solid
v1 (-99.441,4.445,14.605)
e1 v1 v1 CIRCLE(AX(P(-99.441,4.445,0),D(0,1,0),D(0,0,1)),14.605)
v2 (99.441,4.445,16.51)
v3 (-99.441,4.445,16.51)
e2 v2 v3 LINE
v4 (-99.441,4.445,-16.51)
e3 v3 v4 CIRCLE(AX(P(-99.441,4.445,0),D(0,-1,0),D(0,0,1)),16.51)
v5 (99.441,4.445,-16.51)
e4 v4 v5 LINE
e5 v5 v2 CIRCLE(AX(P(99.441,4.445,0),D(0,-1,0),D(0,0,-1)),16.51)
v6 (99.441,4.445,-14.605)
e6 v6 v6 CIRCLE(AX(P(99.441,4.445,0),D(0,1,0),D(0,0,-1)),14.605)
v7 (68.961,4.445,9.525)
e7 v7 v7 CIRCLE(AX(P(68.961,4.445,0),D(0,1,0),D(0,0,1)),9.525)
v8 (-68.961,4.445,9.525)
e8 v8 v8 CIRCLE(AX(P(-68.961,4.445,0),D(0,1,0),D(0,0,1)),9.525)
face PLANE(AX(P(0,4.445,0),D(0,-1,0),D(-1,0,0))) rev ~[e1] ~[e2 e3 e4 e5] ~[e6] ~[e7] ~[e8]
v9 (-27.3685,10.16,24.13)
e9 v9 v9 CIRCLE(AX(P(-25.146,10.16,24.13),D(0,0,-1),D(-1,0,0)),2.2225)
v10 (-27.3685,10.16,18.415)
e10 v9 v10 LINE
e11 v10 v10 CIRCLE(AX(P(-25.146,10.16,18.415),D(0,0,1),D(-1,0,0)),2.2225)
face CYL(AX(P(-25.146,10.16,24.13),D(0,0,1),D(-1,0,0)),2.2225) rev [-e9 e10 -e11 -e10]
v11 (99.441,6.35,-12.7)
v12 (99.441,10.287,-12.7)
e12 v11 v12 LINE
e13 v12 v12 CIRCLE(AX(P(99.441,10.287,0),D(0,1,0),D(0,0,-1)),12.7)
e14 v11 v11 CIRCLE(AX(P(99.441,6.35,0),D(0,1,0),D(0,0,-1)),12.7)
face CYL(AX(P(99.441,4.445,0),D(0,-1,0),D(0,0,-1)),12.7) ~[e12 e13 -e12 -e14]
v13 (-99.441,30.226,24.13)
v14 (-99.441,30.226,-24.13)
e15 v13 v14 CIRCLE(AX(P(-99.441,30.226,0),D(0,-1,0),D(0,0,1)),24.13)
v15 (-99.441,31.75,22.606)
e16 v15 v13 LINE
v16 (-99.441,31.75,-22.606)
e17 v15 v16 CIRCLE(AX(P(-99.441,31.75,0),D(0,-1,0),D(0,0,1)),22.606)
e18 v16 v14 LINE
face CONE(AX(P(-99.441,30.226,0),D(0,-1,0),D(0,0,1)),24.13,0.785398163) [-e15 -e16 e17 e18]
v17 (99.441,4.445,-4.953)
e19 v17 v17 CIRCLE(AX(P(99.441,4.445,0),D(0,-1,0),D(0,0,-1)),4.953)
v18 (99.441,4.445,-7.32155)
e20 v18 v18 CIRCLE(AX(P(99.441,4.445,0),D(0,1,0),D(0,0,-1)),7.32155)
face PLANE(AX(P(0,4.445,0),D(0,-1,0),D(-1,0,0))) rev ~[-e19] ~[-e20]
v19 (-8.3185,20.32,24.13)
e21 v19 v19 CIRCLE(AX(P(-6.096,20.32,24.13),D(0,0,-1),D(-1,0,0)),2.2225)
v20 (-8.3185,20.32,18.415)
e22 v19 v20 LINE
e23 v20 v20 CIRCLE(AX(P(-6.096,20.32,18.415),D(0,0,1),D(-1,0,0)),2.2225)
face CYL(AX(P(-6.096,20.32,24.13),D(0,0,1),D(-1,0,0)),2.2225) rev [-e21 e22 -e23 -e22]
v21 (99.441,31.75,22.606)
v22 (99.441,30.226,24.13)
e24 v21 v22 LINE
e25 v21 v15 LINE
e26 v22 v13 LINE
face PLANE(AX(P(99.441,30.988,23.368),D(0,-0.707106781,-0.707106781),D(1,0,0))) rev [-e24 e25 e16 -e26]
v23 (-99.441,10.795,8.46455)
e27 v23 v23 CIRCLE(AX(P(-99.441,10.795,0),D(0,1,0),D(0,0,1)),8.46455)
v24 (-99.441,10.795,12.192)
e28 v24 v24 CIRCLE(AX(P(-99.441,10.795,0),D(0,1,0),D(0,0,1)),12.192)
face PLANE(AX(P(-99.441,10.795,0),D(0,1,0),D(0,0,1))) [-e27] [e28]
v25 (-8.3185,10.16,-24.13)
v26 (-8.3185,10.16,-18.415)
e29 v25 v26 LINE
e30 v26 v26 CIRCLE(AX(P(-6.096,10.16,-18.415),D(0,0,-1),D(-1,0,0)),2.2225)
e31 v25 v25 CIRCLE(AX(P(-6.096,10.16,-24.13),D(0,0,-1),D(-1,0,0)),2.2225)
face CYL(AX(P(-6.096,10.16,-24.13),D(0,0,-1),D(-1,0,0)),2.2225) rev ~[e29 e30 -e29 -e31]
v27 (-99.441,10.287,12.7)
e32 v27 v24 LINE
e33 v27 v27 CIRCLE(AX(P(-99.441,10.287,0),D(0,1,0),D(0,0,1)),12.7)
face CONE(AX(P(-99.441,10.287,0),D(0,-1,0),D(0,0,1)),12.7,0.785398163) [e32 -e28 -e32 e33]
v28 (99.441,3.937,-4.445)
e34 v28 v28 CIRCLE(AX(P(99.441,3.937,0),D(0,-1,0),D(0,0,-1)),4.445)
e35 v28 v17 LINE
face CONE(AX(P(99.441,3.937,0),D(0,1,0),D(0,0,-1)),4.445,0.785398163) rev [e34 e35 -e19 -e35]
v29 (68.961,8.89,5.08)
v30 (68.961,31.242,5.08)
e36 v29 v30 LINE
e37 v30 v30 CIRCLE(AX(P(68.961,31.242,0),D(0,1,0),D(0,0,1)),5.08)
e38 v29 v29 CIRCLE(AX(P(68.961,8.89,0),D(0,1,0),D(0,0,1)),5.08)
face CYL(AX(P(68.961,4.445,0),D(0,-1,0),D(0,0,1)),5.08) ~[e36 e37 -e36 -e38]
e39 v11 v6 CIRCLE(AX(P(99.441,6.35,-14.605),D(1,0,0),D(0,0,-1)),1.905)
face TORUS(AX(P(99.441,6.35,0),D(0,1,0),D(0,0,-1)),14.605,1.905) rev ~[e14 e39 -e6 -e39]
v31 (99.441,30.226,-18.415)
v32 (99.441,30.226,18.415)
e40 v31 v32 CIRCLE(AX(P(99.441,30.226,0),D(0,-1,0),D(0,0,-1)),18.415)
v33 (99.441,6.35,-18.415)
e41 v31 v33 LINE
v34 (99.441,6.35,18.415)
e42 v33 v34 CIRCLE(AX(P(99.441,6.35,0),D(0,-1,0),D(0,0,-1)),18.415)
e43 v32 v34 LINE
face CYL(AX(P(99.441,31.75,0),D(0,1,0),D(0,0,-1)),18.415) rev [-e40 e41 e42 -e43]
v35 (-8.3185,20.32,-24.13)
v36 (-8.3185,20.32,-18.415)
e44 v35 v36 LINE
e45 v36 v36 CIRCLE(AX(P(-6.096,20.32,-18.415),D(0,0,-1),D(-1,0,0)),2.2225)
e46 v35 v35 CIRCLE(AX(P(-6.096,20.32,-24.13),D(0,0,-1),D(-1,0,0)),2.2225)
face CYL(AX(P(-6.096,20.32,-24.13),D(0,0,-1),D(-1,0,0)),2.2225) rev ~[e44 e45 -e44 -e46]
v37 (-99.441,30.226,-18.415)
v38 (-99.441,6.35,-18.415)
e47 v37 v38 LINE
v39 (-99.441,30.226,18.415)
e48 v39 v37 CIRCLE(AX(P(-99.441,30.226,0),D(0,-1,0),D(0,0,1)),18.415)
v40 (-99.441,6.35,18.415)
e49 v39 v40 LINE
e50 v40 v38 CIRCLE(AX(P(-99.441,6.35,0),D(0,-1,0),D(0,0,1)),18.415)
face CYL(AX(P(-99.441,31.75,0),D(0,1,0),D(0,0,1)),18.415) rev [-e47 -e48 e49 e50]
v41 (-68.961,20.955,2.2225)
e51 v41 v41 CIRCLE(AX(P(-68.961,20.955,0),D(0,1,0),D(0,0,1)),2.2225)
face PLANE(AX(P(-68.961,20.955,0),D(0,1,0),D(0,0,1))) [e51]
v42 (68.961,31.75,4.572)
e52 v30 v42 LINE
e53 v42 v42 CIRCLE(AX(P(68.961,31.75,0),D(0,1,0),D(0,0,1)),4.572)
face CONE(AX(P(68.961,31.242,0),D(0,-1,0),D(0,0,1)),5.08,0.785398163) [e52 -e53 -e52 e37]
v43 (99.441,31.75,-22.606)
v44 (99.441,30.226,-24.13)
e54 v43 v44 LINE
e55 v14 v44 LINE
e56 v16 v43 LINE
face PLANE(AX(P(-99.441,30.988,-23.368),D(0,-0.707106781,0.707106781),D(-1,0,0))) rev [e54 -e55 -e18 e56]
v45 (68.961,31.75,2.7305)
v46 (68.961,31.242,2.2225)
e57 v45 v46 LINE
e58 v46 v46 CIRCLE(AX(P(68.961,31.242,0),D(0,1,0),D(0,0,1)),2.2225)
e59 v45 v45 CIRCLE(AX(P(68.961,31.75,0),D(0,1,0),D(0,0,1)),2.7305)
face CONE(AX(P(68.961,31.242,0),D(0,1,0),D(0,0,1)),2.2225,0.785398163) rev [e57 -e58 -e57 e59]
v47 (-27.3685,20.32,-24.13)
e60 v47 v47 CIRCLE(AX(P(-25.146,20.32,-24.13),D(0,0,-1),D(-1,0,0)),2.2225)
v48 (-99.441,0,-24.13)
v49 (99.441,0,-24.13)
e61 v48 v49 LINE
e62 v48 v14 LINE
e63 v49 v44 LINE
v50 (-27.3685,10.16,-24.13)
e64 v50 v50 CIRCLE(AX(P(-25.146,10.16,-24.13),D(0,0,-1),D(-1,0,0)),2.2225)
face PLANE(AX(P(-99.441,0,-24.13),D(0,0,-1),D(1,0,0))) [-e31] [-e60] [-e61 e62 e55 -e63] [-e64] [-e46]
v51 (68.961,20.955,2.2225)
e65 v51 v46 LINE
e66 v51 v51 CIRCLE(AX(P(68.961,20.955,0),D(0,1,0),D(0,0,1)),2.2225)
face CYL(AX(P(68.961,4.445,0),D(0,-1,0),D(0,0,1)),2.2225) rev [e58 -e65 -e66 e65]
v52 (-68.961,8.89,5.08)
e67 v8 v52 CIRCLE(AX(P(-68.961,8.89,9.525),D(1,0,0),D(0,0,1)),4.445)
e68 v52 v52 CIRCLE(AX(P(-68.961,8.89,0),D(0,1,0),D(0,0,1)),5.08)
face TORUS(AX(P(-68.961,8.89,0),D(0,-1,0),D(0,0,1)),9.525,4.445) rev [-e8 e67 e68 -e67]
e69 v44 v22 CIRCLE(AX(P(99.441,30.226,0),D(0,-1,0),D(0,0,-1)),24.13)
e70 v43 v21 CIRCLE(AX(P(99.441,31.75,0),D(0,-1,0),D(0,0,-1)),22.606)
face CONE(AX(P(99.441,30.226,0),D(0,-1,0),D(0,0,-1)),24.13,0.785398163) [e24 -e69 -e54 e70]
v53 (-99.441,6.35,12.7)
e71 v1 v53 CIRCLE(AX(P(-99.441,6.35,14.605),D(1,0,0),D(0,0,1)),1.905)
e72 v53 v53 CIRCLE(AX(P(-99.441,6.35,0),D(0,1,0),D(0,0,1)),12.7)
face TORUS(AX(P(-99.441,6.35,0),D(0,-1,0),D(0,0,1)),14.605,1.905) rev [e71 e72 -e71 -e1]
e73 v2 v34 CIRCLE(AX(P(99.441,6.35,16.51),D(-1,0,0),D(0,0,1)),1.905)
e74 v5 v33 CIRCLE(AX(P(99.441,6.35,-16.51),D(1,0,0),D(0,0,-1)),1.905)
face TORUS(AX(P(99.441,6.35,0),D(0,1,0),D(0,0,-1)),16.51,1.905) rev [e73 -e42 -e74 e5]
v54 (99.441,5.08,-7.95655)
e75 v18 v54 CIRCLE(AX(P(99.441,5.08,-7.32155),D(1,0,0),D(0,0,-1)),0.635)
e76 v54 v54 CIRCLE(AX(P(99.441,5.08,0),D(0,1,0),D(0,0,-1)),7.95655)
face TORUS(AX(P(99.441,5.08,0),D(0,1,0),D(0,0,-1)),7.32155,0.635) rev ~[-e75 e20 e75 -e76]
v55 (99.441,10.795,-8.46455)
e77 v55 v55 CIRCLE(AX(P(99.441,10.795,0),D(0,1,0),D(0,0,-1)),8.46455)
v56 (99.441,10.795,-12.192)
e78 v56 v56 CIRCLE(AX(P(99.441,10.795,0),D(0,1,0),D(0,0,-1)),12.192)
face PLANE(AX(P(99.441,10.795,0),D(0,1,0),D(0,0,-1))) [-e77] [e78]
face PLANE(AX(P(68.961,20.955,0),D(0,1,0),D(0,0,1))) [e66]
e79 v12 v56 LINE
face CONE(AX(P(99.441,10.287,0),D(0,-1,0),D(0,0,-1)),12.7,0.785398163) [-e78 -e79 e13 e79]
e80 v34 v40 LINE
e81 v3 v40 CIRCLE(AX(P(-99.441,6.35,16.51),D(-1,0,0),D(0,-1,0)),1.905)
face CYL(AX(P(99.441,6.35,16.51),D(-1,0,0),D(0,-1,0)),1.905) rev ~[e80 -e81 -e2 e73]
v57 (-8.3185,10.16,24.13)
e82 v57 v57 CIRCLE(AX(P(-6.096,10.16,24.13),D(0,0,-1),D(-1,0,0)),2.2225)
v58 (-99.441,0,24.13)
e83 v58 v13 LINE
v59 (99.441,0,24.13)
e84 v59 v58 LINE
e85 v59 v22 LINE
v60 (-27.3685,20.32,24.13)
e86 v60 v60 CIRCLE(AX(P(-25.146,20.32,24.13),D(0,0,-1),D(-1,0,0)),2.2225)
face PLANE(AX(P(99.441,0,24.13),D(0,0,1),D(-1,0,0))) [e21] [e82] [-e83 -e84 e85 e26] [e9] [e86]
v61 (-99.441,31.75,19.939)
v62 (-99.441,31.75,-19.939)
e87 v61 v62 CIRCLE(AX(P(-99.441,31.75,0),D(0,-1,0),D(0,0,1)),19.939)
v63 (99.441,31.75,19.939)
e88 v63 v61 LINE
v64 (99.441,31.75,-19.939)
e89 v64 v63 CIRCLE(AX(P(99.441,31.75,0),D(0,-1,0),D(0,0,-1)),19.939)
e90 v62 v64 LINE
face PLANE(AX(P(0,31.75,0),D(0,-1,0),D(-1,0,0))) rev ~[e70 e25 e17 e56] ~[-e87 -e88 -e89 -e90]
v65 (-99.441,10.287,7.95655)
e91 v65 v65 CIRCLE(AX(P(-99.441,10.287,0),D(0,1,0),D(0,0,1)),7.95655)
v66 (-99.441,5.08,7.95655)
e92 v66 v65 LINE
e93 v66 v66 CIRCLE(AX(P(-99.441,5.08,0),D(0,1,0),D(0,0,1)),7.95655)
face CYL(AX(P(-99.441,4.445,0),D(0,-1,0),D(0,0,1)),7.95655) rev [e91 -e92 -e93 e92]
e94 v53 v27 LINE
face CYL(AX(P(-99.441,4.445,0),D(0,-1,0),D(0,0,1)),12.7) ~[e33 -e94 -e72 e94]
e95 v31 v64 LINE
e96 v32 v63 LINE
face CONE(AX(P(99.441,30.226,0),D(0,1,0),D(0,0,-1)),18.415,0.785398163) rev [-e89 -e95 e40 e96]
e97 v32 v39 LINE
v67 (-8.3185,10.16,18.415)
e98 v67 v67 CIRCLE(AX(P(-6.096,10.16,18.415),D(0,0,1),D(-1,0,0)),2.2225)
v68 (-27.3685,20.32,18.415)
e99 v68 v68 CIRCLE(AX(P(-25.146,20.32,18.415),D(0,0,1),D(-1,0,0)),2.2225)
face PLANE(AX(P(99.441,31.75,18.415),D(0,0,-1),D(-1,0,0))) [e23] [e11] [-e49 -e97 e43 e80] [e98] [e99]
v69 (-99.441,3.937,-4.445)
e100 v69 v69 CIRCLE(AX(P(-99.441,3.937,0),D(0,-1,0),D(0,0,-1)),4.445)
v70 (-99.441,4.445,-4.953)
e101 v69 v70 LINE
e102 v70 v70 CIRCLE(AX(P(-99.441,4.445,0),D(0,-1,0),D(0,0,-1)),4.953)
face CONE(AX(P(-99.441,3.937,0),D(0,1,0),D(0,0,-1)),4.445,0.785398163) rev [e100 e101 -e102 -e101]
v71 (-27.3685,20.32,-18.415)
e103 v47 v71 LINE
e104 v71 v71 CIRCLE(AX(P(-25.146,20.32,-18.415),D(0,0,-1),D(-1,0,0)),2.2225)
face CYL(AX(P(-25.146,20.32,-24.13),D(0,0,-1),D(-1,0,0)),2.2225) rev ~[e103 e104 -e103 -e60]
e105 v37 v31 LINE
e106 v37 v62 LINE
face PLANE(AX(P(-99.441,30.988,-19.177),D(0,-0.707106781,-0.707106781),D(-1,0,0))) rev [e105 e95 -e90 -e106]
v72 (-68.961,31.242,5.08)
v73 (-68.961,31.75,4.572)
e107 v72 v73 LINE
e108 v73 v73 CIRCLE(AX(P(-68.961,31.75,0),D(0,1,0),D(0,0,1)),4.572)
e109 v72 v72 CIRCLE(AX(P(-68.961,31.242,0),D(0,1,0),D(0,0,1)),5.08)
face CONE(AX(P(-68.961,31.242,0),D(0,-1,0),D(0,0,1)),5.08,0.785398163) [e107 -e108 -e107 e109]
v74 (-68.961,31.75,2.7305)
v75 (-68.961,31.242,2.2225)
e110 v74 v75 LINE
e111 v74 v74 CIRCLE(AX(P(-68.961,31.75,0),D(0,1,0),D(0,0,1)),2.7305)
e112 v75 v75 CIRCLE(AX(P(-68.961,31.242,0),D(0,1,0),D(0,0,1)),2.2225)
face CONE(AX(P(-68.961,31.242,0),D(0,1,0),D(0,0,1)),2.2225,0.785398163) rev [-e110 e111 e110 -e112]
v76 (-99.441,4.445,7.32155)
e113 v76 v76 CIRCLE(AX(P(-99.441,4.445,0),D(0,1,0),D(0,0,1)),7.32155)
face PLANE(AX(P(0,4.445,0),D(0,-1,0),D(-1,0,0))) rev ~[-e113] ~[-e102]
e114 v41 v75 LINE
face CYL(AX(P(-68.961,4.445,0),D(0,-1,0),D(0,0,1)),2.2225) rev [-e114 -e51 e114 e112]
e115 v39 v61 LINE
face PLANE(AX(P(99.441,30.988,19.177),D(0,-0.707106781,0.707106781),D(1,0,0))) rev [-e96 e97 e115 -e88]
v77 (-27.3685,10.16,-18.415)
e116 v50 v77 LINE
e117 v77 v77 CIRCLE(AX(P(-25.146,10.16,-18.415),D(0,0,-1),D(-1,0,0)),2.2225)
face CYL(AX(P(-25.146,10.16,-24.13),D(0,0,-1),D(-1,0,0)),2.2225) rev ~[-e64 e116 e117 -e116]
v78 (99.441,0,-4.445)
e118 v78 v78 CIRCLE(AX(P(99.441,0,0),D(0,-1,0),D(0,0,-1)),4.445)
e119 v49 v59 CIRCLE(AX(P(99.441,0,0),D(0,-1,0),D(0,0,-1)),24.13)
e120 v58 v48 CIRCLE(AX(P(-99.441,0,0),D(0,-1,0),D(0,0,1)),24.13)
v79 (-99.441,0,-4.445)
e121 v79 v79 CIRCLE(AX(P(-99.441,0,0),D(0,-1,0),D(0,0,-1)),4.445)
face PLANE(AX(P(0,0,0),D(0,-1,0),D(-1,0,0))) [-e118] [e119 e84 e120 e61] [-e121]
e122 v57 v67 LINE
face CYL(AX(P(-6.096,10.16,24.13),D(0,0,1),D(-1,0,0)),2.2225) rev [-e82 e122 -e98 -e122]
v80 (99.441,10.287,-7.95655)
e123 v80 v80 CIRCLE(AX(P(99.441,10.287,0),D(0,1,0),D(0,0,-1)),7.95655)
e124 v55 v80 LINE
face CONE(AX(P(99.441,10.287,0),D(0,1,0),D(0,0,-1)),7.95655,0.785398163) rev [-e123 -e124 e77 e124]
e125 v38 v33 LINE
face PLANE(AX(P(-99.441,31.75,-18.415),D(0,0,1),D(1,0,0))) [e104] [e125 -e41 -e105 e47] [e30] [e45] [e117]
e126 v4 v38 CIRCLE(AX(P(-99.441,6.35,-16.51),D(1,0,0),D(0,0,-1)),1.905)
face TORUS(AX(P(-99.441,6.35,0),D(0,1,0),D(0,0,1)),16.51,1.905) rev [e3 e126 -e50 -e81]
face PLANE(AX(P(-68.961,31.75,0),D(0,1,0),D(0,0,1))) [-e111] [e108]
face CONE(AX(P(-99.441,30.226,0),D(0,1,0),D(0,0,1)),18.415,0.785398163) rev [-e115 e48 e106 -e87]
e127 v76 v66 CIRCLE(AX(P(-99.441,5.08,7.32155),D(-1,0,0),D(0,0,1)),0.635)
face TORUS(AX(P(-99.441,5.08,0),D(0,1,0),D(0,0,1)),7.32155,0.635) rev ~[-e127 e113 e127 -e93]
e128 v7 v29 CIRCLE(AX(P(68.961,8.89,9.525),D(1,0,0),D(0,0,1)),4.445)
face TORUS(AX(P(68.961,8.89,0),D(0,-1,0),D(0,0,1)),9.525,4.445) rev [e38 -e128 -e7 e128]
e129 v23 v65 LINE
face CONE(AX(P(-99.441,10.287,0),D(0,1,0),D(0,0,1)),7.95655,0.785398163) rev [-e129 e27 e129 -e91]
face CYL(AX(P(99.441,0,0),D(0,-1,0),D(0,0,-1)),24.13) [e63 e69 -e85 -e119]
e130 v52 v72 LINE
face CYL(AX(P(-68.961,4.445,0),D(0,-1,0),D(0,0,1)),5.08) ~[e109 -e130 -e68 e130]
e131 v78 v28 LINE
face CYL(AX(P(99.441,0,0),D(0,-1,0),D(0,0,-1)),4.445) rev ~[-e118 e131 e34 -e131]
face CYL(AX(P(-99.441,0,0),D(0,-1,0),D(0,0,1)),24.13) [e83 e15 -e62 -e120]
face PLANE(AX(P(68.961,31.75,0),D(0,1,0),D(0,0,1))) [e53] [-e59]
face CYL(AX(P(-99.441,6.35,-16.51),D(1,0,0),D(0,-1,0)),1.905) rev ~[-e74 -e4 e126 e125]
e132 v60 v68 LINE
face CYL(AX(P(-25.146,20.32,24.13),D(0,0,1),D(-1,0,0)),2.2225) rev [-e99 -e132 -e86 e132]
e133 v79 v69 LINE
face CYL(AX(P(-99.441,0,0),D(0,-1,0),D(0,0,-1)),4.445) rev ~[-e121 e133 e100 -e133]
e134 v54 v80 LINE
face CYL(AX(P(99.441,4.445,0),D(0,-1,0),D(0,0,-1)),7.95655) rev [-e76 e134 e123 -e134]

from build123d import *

# Parameters (mm, degrees)
MAINBLOCK_DEPTH                 = 31.75
MAINPOCKET_DEPTH                = 27.305
SKETCH3_R                       = 4.445
CUT_EXTRUDE1_DEPTH              = 130.846491832
SKETCH4_R                       = 12.7
SKETCH4_R_2                     = 7.95655
BOSS_EXTRUDE1_DEPTH             = 6.35
SKETCH7_R                       = 5.08
SKETCH7_R_2                     = 2.2225
BOSS_EXTRUDE3_DEPTH             = 27.305
FILLET2_R                       = 0.635
FILLET3_R                       = 1.905
FILLET6_R                       = 4.445
CHAMFER2_SIZE                   = 0.508
CHAMFER3_SIZE                   = 1.524
SKETCH10_R                      = 2.2225
BOSS_EXTRUDE4_DEPTH             = 16.51
SKETCH13_R                      = 2.2225
STABILIZER_BAR_MOUNTHOLES_DEPTH = 42.545


with BuildPart() as part:
    # Sketch1 → MainBlock (new body)
    with BuildSketch(Plane(origin=(0, 0, 0), x_dir=(1, 0, 0), z_dir=(0, 1, 0))):
        with BuildLine():
            Line((-99.441, 24.13), (99.441, 24.13))
            ThreePointArc((99.441, 24.13), (123.571, 0), (99.441, -24.13))
            Line((99.441, -24.13), (-99.441, -24.13))
            ThreePointArc((-99.441, -24.13), (-123.571, 0), (-99.441, 24.13))
        make_face()
    extrude(amount=MAINBLOCK_DEPTH)

    # Sketch2 → MainPocket (cut)
    with BuildSketch(Plane(origin=(0, 31.75, 0), x_dir=(1, 0, 0), z_dir=(0, 1, 0))):
        with BuildLine():
            Line((-99.441, 18.415), (99.441, 18.415))
            ThreePointArc((99.441, 18.415), (117.856, 0), (99.441, -18.415))
            Line((99.441, -18.415), (-99.441, -18.415))
            ThreePointArc((-99.441, -18.415), (-117.856, 0), (-99.441, 18.415))
        make_face()
    extrude(amount=-MAINPOCKET_DEPTH, mode=Mode.SUBTRACT)

    # Sketch3 → Cut-Extrude1 (cut, through all)
    with BuildSketch(Plane.XZ):
        with Locations(Location((-99.441, 0, 0), (0, 0, 270))):
            Circle(SKETCH3_R)
        with Locations(Location((99.441, 0, 0), (0, 0, 270))):
            Circle(SKETCH3_R)
    extrude(amount=-CUT_EXTRUDE1_DEPTH, mode=Mode.SUBTRACT)

    # Sketch4 → Boss-Extrude1 (add)
    # profile 1 of 2: a face of its own
    with BuildSketch(Plane(origin=(0, 4.445, 0), x_dir=(1, 0, 0), z_dir=(0, 1, 0))):
        with Locations(Location((-99.441, 0, 0), (0, 0, 270))):
            Circle(SKETCH4_R)
        with Locations(Location((-99.441, 0, 0), (0, 0, 270))):
            Circle(SKETCH4_R_2, mode=Mode.SUBTRACT)
    # profile 2 of 2: a face of its own
    with BuildSketch(Plane(origin=(0, 4.445, 0), x_dir=(1, 0, 0), z_dir=(0, 1, 0))):
        with Locations(Location((99.441, 0, 0), (0, 0, 90))):
            Circle(SKETCH4_R)
        with Locations(Location((99.441, 0, 0), (0, 0, 90))):
            Circle(SKETCH4_R_2, mode=Mode.SUBTRACT)
    extrude(amount=BOSS_EXTRUDE1_DEPTH)

    # Sketch7 → Boss-Extrude3 (add)
    # profile 1 of 2: a face of its own
    with BuildSketch(Plane(origin=(0, 4.445, 0), x_dir=(1, 0, 0), z_dir=(0, 1, 0))):
        with Locations(Location((-68.961, 0, 0), (0, 0, 270))):
            Circle(SKETCH7_R)
        with Locations(Location((-68.961, 0, 0), (0, 0, 270))):
            Circle(SKETCH7_R_2, mode=Mode.SUBTRACT)
    # profile 2 of 2: a face of its own
    with BuildSketch(Plane(origin=(0, 4.445, 0), x_dir=(1, 0, 0), z_dir=(0, 1, 0))):
        with Locations(Location((68.961, 0, 0), (0, 0, 270))):
            Circle(SKETCH7_R)
        with Locations(Location((68.961, 0, 0), (0, 0, 270))):
            Circle(SKETCH7_R_2, mode=Mode.SUBTRACT)
    extrude(amount=BOSS_EXTRUDE3_DEPTH)

    # Fillet2
    fillet2_edges = [part.edges().sort_by_distance(p)[0] for p in [
        (-99.441, 4.445, -7.95655),
        (99.441, 4.445, 7.95655),
    ]]
    fillet(fillet2_edges, radius=FILLET2_R)

    # Fillet3
    fillet3_edges = [part.edges().sort_by_distance(p)[0] for p in [
        (117.856, 4.445, 0),
        (0, 4.445, 18.415),
        (-117.856, 4.445, 0),
        (0, 4.445, -18.415),
        (-99.441, 4.445, -12.7),
        (99.441, 4.445, 12.7),
    ]]
    fillet(fillet3_edges, radius=FILLET3_R)

    # Fillet6
    fillet6_edges = [part.edges().sort_by_distance(p)[0] for p in [
        (-68.961, 4.445, -5.08),
        (68.961, 4.445, -5.08),
    ]]
    fillet(fillet6_edges, radius=FILLET6_R)

    # Chamfer2
    chamfer2_edges = [part.edges().sort_by_distance(p)[0] for p in [
        (-99.441, 4.445, 4.445),
        (99.441, 4.445, 4.445),
        (-99.441, 10.795, -12.7),
        (-99.441, 10.795, -7.95655),
        (99.441, 10.795, 12.7),
        (99.441, 10.795, 7.95655),
        (-68.961, 31.75, -2.2225),
        (-68.961, 31.75, -5.08),
        (68.961, 31.75, -2.2225),
        (68.961, 31.75, -5.08),
    ]]
    chamfer(chamfer2_edges, length=CHAMFER2_SIZE)

    # Chamfer3
    chamfer3_edges = [part.edges().sort_by_distance(p)[0] for p in [
        (123.571, 31.75, 0),
        (0, 31.75, -24.13),
        (117.856, 31.75, 0),
        (0, 31.75, -18.415),
        (-117.856, 31.75, 0),
        (0, 31.75, 18.415),
        (-123.571, 31.75, 0),
        (0, 31.75, 24.13),
    ]]
    chamfer(chamfer3_edges, length=CHAMFER3_SIZE)

    # Sketch10 → Boss-Extrude4 (add)
    with BuildSketch(Plane(origin=(0, 4.445, 0), x_dir=(1, 0, 0), z_dir=(0, 1, 0))):
        with Locations(Location((68.961, 0, 0), (0, 0, 270))):
            Circle(SKETCH10_R)
        with Locations(Location((-68.961, 0, 0), (0, 0, 270))):
            Circle(SKETCH10_R)
    extrude(amount=BOSS_EXTRUDE4_DEPTH)

    # Sketch13 → Stabilizer-Bar-MountHoles (cut)
    with BuildSketch(Plane(origin=(0, 0, -24.13), x_dir=(-1, 0, 0), z_dir=(0, 0, -1))):
        with Locations((25.146, 20.32)):
            Circle(SKETCH13_R)
        with Locations((6.096, 20.32)):
            Circle(SKETCH13_R)
        with Locations((6.096, 10.16)):
            Circle(SKETCH13_R)
        with Locations((25.146, 10.16)):
            Circle(SKETCH13_R)
    stabilizer_bar_mountholes = extrude(amount=-STABILIZER_BAR_MOUNTHOLES_DEPTH, mode=Mode.SUBTRACT)

    # Mirror1: Stabilizer-Bar-MountHoles across plane
    add(stabilizer_bar_mountholes.mirror(Plane.XY), mode=Mode.SUBTRACT)


solid = part.part
